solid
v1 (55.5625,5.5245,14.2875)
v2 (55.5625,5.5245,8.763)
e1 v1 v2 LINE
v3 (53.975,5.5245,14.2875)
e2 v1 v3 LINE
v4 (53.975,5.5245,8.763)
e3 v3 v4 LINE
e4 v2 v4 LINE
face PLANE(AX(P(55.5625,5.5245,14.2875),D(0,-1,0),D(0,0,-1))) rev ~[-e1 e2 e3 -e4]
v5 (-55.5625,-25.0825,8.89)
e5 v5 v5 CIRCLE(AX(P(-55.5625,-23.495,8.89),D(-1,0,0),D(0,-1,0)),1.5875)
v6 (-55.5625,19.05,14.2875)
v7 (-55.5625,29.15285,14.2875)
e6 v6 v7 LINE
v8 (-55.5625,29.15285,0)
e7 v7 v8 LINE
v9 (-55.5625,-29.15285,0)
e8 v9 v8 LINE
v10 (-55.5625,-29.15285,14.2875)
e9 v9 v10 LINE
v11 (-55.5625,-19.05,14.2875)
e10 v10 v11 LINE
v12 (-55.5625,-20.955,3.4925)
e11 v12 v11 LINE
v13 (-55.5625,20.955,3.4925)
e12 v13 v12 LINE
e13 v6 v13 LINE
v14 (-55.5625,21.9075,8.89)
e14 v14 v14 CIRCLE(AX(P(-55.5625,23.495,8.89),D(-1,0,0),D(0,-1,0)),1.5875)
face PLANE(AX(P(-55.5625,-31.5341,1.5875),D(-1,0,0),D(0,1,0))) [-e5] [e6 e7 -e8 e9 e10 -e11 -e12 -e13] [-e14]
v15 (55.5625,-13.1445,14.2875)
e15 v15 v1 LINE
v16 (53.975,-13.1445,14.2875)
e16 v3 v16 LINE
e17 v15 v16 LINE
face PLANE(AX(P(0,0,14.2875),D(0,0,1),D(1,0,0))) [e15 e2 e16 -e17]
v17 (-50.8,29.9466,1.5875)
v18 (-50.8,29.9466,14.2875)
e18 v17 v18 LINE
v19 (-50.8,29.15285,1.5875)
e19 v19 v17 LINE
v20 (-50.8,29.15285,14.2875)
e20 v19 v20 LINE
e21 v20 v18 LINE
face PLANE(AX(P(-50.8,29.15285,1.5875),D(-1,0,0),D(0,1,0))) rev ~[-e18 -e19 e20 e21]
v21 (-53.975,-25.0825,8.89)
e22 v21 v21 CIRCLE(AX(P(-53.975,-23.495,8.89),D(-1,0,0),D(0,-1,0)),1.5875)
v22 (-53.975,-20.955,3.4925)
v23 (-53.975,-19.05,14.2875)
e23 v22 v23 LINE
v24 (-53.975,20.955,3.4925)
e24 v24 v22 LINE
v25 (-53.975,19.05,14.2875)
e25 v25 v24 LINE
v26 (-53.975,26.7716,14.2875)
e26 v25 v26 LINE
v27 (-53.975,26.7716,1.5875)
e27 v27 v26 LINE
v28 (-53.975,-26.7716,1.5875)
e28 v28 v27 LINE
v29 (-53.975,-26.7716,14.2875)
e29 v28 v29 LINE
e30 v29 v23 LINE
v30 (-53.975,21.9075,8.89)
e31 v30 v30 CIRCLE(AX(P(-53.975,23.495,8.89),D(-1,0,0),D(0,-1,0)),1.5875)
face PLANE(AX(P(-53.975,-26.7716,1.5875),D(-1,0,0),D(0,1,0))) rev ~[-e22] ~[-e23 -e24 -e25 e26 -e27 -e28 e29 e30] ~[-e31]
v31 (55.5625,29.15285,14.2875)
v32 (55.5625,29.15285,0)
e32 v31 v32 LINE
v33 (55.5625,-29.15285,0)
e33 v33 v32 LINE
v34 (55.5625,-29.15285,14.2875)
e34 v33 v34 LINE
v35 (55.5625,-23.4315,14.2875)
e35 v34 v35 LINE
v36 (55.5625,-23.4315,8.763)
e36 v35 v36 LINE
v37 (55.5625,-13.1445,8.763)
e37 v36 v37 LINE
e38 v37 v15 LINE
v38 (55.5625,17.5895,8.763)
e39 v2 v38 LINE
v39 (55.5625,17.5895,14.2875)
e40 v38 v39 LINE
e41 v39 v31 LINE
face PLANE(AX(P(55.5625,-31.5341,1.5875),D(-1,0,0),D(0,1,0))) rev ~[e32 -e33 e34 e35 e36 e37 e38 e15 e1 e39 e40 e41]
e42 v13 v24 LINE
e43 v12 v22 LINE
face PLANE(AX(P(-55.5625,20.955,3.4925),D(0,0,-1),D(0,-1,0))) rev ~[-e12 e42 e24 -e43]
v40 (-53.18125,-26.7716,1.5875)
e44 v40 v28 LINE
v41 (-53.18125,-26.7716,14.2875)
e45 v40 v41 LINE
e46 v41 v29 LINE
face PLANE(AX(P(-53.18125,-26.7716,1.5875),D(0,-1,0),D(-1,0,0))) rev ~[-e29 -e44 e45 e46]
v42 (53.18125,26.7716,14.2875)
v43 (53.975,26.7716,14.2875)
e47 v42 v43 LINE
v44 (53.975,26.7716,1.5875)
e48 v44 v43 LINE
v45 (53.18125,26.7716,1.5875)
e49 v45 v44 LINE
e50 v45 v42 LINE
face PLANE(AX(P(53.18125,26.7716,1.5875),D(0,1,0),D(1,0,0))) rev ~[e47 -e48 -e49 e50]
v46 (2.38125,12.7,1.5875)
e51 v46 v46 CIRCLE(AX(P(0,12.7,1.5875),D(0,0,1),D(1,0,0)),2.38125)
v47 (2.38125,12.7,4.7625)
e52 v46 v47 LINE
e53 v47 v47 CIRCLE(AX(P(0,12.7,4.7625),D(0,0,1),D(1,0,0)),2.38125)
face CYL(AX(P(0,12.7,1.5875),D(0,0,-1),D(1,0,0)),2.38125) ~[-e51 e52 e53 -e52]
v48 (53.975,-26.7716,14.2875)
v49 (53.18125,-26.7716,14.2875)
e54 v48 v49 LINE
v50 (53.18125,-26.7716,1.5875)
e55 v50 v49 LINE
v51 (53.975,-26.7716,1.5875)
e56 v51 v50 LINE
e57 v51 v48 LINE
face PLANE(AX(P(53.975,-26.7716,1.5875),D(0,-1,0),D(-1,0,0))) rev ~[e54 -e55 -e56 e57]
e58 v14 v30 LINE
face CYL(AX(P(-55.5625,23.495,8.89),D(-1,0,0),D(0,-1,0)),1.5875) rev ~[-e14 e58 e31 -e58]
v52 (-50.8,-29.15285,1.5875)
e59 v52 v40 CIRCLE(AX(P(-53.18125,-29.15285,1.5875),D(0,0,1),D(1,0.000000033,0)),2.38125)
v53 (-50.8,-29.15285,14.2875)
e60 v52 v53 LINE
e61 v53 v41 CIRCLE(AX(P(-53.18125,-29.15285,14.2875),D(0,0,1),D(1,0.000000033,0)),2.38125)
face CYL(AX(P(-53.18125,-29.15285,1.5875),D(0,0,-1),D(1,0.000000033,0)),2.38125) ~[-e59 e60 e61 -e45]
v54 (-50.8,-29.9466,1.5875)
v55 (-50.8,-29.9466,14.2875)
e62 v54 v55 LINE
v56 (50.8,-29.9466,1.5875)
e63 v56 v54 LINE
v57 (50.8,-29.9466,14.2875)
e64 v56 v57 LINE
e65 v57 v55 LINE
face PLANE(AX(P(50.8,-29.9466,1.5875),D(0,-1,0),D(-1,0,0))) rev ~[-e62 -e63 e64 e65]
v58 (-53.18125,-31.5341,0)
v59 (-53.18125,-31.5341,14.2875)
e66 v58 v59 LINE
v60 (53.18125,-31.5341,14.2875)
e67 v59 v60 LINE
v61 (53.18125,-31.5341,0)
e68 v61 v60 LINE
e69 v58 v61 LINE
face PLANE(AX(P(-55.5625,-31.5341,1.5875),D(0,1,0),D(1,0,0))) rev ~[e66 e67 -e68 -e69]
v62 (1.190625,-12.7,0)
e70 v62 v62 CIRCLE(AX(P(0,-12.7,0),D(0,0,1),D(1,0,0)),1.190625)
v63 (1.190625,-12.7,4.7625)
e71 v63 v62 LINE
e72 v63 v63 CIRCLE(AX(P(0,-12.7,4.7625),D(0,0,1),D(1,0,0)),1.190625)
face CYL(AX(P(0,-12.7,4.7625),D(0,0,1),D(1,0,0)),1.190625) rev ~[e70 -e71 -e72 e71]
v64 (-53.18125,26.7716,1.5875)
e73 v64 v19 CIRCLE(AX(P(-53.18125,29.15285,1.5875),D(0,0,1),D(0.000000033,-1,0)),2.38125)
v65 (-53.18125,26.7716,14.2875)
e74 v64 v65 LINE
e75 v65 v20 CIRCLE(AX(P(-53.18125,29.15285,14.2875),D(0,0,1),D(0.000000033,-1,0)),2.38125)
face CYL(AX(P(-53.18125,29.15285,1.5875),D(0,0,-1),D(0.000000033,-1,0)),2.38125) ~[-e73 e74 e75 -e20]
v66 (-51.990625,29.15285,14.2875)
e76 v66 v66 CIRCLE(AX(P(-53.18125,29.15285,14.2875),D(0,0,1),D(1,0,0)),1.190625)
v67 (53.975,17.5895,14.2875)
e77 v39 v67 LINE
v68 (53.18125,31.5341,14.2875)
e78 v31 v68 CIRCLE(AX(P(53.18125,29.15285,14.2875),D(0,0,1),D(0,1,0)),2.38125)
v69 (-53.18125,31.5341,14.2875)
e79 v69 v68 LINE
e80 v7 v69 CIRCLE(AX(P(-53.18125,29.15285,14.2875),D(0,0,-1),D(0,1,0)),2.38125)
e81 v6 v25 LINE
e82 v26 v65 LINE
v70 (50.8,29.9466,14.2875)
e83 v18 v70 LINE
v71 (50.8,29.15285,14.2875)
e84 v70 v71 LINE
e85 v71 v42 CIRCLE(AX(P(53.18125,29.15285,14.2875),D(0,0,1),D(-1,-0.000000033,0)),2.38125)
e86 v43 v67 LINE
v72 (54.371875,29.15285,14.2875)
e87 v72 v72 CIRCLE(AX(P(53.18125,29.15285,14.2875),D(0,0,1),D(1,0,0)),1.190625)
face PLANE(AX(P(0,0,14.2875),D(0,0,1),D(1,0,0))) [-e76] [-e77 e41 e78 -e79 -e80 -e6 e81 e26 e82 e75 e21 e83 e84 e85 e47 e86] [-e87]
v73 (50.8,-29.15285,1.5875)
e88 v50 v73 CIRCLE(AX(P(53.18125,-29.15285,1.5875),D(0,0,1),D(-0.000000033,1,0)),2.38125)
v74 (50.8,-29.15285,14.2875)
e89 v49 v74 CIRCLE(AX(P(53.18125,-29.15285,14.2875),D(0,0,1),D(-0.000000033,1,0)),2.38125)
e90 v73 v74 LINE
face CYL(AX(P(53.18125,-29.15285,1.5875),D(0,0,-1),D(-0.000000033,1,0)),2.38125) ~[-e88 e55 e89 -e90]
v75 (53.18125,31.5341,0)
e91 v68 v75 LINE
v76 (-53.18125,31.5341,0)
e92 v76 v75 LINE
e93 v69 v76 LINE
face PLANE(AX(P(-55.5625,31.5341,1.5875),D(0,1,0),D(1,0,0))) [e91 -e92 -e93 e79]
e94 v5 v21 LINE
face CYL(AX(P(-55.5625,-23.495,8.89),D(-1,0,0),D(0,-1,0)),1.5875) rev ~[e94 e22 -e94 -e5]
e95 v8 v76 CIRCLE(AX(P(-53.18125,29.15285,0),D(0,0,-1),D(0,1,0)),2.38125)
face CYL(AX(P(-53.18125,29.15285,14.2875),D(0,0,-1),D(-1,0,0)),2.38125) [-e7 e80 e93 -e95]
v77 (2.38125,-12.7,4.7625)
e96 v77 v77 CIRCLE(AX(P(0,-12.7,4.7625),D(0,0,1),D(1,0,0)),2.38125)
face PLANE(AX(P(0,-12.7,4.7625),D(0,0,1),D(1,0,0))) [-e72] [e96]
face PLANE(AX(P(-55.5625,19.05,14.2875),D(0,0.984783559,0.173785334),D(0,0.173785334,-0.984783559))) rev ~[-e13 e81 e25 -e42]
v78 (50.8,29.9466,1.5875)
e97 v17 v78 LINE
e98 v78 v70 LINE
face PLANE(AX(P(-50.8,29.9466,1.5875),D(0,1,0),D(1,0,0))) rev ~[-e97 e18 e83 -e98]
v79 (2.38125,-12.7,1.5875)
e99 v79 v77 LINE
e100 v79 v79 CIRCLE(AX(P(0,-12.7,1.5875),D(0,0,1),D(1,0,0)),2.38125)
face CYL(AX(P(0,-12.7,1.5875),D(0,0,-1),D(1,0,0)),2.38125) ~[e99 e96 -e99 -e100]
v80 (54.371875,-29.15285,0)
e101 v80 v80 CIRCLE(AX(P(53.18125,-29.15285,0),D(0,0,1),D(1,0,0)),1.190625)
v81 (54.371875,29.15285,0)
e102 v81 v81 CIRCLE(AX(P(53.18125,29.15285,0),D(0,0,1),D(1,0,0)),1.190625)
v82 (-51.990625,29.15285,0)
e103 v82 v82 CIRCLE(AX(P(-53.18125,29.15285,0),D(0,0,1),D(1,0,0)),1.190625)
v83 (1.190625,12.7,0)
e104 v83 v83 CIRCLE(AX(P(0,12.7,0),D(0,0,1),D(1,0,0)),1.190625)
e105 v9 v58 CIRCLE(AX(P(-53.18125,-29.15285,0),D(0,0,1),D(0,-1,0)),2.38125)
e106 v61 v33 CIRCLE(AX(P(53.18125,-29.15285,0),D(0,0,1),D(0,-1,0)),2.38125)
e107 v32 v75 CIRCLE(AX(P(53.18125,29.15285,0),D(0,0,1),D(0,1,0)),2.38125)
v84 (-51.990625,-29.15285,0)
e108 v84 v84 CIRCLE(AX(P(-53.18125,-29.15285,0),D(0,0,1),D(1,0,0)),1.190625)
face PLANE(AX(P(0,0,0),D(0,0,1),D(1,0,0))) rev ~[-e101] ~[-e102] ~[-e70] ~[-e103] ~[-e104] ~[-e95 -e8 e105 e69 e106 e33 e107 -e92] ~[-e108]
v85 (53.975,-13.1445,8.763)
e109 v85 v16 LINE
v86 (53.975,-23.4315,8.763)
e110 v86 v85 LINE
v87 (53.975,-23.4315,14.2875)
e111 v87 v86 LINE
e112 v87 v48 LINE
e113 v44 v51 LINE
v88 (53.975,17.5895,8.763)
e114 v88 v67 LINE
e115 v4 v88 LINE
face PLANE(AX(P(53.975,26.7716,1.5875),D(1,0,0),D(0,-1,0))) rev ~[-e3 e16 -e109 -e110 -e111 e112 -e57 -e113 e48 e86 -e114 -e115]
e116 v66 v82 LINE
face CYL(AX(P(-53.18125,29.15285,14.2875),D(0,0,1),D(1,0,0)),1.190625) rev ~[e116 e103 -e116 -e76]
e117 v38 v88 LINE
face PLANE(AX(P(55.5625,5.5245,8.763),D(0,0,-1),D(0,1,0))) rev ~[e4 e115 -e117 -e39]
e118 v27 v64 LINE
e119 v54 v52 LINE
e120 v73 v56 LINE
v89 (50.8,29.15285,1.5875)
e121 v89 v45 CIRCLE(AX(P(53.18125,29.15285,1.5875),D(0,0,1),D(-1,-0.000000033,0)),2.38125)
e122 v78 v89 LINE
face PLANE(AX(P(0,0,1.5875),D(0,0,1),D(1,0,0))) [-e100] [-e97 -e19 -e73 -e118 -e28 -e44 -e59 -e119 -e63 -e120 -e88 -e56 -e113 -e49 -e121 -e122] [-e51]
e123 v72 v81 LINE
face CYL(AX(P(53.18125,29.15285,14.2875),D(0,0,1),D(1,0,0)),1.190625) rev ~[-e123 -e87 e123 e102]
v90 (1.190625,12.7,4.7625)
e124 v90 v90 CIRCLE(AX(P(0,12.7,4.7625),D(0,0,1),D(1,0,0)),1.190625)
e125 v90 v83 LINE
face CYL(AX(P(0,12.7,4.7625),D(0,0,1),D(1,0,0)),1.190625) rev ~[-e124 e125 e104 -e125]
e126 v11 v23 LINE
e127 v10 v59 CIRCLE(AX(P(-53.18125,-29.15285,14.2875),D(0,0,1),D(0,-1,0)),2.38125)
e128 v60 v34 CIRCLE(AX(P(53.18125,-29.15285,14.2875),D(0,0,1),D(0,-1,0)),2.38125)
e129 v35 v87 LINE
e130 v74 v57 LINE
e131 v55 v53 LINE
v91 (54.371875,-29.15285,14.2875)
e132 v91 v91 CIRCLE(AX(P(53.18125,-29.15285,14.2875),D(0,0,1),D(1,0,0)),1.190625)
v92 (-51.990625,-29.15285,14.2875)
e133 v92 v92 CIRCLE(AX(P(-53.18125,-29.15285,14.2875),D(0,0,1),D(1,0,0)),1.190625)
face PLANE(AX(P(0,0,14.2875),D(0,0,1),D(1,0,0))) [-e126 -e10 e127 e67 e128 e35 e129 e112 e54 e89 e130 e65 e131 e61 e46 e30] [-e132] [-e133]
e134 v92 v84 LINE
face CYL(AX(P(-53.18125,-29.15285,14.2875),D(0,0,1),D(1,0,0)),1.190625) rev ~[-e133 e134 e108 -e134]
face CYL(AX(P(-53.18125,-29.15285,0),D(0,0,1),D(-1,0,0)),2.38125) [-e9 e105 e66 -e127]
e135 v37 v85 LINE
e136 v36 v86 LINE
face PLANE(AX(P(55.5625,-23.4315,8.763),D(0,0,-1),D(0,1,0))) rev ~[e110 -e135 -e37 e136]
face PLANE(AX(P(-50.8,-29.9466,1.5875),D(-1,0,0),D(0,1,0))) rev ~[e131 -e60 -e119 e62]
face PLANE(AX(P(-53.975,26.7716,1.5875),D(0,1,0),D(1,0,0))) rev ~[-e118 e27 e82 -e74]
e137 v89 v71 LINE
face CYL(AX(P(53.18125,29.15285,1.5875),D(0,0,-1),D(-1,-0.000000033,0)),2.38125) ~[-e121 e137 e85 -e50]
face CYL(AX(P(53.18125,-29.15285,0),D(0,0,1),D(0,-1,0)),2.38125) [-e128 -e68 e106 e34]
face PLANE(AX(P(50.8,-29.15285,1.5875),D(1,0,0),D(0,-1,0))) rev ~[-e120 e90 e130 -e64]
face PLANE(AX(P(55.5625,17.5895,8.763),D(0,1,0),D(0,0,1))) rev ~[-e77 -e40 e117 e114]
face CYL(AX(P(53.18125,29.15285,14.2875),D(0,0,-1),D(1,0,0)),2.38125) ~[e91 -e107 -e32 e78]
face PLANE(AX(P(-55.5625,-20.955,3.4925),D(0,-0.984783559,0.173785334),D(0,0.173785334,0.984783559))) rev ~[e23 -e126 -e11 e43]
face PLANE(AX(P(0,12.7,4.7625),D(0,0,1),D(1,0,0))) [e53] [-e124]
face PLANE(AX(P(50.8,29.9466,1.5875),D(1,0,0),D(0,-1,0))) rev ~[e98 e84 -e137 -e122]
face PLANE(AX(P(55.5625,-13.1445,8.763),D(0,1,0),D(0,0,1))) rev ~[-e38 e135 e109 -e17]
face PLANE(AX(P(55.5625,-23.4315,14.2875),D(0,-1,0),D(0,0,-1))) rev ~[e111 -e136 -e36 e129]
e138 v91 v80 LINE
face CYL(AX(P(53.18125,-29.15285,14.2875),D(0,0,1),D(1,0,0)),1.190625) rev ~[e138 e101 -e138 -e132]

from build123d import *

# Parameters (mm, degrees)
F1_W      = 111.125
F1_H      = 63.0682
F2_DEPTH  = 1.5875
F3_W      = 111.125
F3_H      = 63.0682
F3_R      = 1.190625
F4_DEPTH  = 12.7
F5_R      = 2.38125
F7_DEPTH  = 1.5875
F9_R      = 1.5875
F10_DEPTH = 1.5875
F11_R     = 2.38125
F12_DEPTH = 3.175
F13_R     = 1.190625
F14_DEPTH = 4.7635
F15_R     = 1.190625
F16_DEPTH = 14.2885


with BuildPart() as f2:
    # F1 (on Top) → F2 (new body)
    with BuildSketch(Plane.XY):
        Rectangle(F1_W, F1_H)
    extrude(amount=F2_DEPTH)

    # F3 (on face) → F4 (join)
    with BuildSketch(Plane.XY.offset(1.5875)):
        Rectangle(F3_W, F3_H)
        with Locations((-53.18125, -29.15285)):
            Circle(F3_R, mode=Mode.SUBTRACT)
        with Locations((53.18125, -29.15285)):
            Circle(F3_R, mode=Mode.SUBTRACT)
        with BuildLine():
            Line((53.18125, 26.7716), (53.975, 26.7716))
            Line((53.975, 26.7716), (53.975, -26.7716))
            Line((53.975, -26.7716), (53.18125, -26.7716))
            ThreePointArc((53.18125, -26.7716), (51.497452, -27.469052), (50.8, -29.15285))
            Line((50.8, -29.15285), (50.8, -29.9466))
            Line((50.8, -29.9466), (-50.8, -29.9466))
            Line((-50.8, -29.9466), (-50.8, -29.15285))
            ThreePointArc((-50.8, -29.15285), (-51.497452, -27.469052), (-53.18125, -26.7716))
            Line((-53.18125, -26.7716), (-53.975, -26.7716))
            Line((-53.975, -26.7716), (-53.975, 26.7716))
            Line((-53.975, 26.7716), (-53.18125, 26.7716))
            ThreePointArc((-53.18125, 26.7716), (-51.497452, 27.469052), (-50.8, 29.15285))
            Line((-50.8, 29.15285), (-50.8, 29.9466))
            Line((-50.8, 29.9466), (50.8, 29.9466))
            Line((50.8, 29.9466), (50.8, 29.15285))
            ThreePointArc((50.8, 29.15285), (51.497452, 27.469052), (53.18125, 26.7716))
        make_face(mode=Mode.SUBTRACT)
        with Locations((-53.18125, 29.15285)):
            Circle(F3_R, mode=Mode.SUBTRACT)
        with Locations((53.18125, 29.15285)):
            Circle(F3_R, mode=Mode.SUBTRACT)
    extrude(amount=F4_DEPTH)

    # F5
    f5_edges = [f2.edges().sort_by_distance(p)[0] for p in [
        (55.5625, -31.5341, 7.14375),
        (55.5625, 31.5341, 7.14375),
        (-55.5625, -31.5341, 7.14375),
        (-55.5625, 31.5341, 7.14375),
    ]]
    fillet(f5_edges, radius=F5_R)

    # F6 (on face) → F7 (cut, through all)
    with BuildSketch(Plane.YZ.offset(55.5625)):
        Polygon((-13.1445, 14.2875), (-17.5895, 14.2875), (-23.4315, 14.2875), (-23.4315, 8.763), (-17.5895, 8.763), (-13.1445, 8.763), align=None)
        Polygon((5.5245, 8.763), (13.1445, 8.763), (17.5895, 8.763), (17.5895, 14.2875), (5.5245, 14.2875), align=None)
    extrude(amount=-F7_DEPTH, mode=Mode.SUBTRACT)

    # F9 (on face) → F10 (cut, through all)
    with BuildSketch(Plane(origin=(-55.5625, 0, 0), x_dir=(0, -1, 0), z_dir=(-1, 0, 0))):
        Polygon((19.05, 14.2875), (-19.05, 14.2875), (-20.955, 3.4925), (20.955, 3.4925), align=None)
        with Locations((-23.495, 8.89)):
            Circle(F9_R)
        with Locations((23.495, 8.89)):
            Circle(F9_R)
    extrude(amount=-F10_DEPTH, mode=Mode.SUBTRACT)

    # F11 (on face) → F12 (join)
    with BuildSketch(Plane.XY.offset(1.5875)):
        with Locations((0, 12.7)):
            Circle(F11_R)
        with Locations((0, -12.7)):
            Circle(F11_R)
    extrude(amount=F12_DEPTH)

    # F13 (on face) → F14 (cut, through all)
    with BuildSketch(Plane.XY.offset(4.7625)):
        with Locations((0, 12.7)):
            Circle(F13_R)
        with Locations((0, -12.7)):
            Circle(F13_R)
    extrude(amount=-F14_DEPTH, mode=Mode.SUBTRACT)

    # F15 (on face) → F16 (cut, through all)
    with BuildSketch(Plane.XY.offset(14.2875)):
        with Locations((53.18125, 29.15285)):
            Circle(F15_R)
        with Locations((53.18125, -29.15285)):
            Circle(F15_R)
        with Locations((-53.18125, -29.15285)):
            Circle(F15_R)
        with Locations((-53.18125, 29.15285)):
            Circle(F15_R)
    extrude(amount=-F16_DEPTH, mode=Mode.SUBTRACT)


solid = f2.part
